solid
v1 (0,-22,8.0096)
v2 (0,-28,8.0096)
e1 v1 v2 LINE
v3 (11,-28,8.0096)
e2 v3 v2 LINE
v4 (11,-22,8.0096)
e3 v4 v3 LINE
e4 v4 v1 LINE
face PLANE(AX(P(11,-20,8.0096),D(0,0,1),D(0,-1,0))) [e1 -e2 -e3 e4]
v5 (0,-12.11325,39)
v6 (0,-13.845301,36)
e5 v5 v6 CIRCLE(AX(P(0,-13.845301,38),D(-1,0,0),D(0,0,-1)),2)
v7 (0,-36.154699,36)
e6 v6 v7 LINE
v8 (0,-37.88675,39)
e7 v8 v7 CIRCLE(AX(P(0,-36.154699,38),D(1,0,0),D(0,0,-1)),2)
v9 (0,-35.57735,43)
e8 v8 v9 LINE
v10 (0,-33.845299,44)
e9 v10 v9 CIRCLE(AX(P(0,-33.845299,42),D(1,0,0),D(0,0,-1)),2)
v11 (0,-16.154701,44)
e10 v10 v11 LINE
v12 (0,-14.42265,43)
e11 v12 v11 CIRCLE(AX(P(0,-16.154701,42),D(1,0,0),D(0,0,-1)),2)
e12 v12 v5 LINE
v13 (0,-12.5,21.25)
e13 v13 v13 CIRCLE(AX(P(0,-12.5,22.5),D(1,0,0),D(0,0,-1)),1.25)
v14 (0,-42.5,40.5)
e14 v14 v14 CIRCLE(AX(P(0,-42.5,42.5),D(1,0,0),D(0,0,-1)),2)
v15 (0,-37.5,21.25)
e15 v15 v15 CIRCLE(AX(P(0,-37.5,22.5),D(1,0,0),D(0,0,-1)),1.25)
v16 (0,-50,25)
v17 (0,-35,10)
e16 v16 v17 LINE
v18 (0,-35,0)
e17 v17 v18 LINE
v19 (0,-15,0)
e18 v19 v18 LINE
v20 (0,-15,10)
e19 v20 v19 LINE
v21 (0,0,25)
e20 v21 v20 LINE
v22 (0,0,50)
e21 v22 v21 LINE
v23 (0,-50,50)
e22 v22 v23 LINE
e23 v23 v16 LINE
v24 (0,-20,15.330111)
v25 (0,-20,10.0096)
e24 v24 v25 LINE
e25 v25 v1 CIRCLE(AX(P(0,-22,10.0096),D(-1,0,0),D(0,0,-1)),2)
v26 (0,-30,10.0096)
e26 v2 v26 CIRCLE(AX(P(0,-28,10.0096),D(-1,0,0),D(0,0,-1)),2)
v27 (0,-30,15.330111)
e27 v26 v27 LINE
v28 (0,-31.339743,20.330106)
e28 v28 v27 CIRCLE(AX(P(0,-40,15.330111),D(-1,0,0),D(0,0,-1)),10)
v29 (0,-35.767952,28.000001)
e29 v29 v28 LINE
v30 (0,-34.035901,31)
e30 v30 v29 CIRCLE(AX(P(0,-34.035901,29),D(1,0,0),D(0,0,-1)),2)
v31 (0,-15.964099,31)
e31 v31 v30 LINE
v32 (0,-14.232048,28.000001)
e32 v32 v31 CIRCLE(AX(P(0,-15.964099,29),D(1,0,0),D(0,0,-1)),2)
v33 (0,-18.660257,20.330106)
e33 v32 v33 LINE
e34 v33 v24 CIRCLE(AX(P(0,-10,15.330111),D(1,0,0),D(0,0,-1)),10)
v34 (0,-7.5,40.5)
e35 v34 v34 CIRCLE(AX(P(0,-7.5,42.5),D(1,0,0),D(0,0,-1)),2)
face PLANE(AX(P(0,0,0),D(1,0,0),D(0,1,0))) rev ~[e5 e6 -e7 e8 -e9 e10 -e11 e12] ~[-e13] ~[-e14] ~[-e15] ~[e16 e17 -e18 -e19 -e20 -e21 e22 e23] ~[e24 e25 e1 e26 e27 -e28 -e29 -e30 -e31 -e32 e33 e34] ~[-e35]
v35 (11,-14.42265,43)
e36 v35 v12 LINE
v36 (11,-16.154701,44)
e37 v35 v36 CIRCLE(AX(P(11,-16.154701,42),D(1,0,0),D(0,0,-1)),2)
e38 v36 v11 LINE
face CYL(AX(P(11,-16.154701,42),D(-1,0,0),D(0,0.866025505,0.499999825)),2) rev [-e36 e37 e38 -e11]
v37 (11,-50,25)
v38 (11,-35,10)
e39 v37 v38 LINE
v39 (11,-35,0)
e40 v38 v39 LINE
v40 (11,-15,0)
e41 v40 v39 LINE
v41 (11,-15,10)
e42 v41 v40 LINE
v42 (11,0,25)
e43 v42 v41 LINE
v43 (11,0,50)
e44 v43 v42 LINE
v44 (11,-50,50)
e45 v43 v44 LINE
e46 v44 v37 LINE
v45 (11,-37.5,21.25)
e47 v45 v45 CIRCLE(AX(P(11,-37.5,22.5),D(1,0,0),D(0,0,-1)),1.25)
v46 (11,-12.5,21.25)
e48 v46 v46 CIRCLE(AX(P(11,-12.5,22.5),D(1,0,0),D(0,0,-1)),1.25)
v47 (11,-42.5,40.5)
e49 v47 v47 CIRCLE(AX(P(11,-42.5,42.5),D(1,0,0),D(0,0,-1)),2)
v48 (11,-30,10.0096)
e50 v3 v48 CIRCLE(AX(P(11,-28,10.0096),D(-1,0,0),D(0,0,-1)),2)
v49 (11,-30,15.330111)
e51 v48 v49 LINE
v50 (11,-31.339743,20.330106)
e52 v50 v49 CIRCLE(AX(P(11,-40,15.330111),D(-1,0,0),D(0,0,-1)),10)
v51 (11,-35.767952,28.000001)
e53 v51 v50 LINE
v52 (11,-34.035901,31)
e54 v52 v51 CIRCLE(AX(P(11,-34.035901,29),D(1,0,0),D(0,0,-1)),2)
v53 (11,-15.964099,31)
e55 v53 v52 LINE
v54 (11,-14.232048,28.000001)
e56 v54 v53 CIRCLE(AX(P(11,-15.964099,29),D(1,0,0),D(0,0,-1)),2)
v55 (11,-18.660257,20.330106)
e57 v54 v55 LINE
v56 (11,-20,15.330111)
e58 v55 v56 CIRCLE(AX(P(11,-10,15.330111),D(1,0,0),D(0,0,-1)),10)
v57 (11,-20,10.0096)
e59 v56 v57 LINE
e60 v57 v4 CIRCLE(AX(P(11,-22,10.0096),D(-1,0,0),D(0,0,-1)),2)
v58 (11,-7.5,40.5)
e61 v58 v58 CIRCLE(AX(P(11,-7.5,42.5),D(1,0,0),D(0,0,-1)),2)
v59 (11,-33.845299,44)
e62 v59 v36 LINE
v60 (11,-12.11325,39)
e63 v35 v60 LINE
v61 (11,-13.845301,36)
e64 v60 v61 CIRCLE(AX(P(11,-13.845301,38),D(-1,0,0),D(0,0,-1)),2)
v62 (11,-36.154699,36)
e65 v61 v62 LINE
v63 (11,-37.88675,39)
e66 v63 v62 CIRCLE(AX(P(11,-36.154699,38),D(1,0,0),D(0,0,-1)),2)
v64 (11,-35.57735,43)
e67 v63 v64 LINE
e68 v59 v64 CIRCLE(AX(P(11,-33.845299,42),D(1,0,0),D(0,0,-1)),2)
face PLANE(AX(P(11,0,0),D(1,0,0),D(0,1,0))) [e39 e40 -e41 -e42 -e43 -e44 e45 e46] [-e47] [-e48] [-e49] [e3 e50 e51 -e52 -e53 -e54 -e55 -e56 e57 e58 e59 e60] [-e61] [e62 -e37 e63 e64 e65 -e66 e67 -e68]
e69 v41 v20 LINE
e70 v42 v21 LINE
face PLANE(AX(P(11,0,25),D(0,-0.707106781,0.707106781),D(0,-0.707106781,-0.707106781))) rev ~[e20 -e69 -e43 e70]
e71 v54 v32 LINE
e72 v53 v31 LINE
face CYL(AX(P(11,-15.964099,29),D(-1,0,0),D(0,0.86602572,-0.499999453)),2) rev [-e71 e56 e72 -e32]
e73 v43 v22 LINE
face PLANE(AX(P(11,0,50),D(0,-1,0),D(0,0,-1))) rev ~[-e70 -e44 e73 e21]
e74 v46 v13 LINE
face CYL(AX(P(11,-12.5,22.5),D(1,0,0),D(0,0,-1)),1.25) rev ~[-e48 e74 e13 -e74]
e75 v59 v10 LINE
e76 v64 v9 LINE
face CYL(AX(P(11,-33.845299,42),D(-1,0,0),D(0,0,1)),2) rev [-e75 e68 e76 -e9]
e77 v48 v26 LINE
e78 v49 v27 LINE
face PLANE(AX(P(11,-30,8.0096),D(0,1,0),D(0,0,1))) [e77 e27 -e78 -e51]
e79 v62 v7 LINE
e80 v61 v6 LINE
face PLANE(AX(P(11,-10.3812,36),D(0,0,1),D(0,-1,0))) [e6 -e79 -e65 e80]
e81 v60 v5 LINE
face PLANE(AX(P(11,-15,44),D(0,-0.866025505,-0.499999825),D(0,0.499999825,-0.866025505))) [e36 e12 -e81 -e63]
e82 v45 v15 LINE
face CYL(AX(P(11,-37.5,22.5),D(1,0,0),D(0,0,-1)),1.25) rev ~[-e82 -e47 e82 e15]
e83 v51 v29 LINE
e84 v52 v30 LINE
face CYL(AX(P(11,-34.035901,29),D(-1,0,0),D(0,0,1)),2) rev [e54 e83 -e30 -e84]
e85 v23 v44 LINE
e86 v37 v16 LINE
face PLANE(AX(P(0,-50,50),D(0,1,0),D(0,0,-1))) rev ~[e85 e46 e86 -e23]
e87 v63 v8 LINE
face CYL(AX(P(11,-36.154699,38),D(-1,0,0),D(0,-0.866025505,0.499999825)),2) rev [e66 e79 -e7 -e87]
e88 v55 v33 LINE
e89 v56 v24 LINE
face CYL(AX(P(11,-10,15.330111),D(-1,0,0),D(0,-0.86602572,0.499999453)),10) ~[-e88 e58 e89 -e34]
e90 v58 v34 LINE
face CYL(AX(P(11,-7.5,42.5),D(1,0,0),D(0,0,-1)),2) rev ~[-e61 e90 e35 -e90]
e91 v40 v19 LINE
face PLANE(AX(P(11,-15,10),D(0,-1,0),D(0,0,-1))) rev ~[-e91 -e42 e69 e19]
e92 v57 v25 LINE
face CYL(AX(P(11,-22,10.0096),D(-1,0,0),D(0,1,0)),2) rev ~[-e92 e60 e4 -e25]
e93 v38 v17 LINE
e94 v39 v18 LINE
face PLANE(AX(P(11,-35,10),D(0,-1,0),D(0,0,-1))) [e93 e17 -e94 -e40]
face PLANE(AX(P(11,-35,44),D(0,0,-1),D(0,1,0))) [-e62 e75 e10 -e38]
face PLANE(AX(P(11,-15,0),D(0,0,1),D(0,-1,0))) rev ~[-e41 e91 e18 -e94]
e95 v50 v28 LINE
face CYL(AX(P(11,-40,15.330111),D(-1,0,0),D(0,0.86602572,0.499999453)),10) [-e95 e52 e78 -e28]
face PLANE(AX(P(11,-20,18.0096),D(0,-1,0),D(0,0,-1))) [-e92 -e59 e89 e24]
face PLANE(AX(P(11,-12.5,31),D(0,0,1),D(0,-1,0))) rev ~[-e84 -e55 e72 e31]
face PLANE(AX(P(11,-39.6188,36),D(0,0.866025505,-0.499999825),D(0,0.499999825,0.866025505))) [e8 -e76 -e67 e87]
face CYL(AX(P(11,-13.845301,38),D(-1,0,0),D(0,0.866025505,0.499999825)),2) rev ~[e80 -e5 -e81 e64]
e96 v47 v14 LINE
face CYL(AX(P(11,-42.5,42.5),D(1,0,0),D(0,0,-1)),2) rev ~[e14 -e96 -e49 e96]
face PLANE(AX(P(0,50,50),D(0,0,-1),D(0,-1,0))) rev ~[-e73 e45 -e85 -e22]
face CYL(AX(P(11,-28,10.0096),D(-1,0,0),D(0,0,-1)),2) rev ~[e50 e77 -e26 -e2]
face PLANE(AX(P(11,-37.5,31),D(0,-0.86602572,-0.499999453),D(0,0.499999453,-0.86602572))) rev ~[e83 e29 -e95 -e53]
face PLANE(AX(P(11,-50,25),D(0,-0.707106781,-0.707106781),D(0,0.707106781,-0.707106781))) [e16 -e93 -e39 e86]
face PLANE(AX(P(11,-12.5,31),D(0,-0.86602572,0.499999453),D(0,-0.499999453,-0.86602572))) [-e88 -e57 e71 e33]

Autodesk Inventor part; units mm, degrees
ref_plane "YZ Plane" through (0, 0, 0) normal (1, 0, 0) x (0, 1, 0)
ref_plane "XZ Plane" through (0, 0, 0) normal (0, 1, 0) x (-1, 0, 0)
ref_plane "XY Plane" through (0, 0, 0) normal (0, 0, 1) x (1, 0, 0)
sketch "スケッチ1" plane through (0, 0, 0) normal (1, 0, 0) x (0, 1, 0)
  line L0 (50, 50) -> (-50, 50)
  line L1 (-50, 50) -> (-50, -50)
  line L2 (-50, -50) -> (50, -50)
  line L3 (50, -50) -> (50, 50)
  point P0 (0, 0)
  dimension "d0" = 100
  dimension "d2" = 100
  dimension "d3" = 50
  dimension "d4" = 50
extrude "押し出し1" add sketch "スケッチ1" along normal blind 11
sketch "スケッチ2" plane through (11, 0, 0) normal (1, 0, 0) x (0, 0, -1)
  line L0 (-50, 50) -> (-50, -50) projected
  line L1 (-50, -50) -> (50, -50) projected
  line L2 (50, -50) -> (50, 50) projected
  line L3 (50, 50) -> (-50, 50) projected
  line L4 (-25, -50) -> (-10, -35)
  line L5 (-10, -35) -> (15, -35)
  line L6 (15, -35) -> (50, -25.6218)
  line L7 (-50, 0) -> (-25, 0)
  line L8 (-25, 0) -> (-10, -15)
  line L9 (-10, -15) -> (12.367, -15)
  line L10 (12.367, -15) -> (30, -10.2752)
  line L11 (30, -10.2752) -> (30, 50)
  line L12 (-25, -50) -> (-50, -50)
  line L13 (-50, -50) -> (-50, 0)
  point P0 (0, 0)
  dimension "d7" = 135
  dimension "d8" = 135
  dimension "d9" = 25
  dimension "d10" = 25
  dimension "d11" = 50
  dimension "d16" = 165
  dimension "d17" = 20
  dimension "d18" = 20
  dimension "d89" = 20
  dimension "d90" = 25
extrude "押し出し2" cut sketch "スケッチ2" against normal blind 11 contours L7 L8 L9 L10 L11 L3 L2 L6 L5 L4 L1 L0 keep common part
sketch "スケッチ3" plane through (11, 0, 0) normal (1, 0, 0) x (0, 0, -1)
  line L0 (30, -10.2752) -> (30, 50) projected
  line L1 (12.367, -15) -> (30, -10.2752) projected
  line L2 (-10, -15) -> (12.367, -15) projected
  line L3 (-25, 0) -> (-10, -15) projected
  line L4 (-50, 0) -> (-25, 0) projected
  line L5 (-50, 0) -> (-50, -50) projected
  line L6 (-50, -50) -> (-25, -50) projected
  line L7 (-10, -35) -> (-25, -50) projected
  line L8 (15, -35) -> (-10, -35) projected
  line L9 (50, -25.6218) -> (15, -35) projected
  line L10 (50, -25.6218) -> (50, 50) projected
  line L11 (50, 50) -> (30, 50) projected
  circle A0 centre (-42.5, -7.5) radius 2
  circle A1 centre (-42.5, -42.5) radius 2
  circle A2 centre (-22.5, -12.5) radius 1.25
  circle A3 centre (-22.5, -37.5) radius 1.25
  arc A4 (36, 46) -> (44, 46) centre (40, 46) ccw
  line L12 (36, 46) -> (36, 50)
  line L13 (44, 46) -> (44, 50)
  point P0 (0, 0)
  dimension "d21" = 8
  dimension "d25" = 4
  dimension "d30" = 6
  dimension "d31" = 4
  dimension "d35" = 25
  dimension "d36" = 35
  dimension "d37" = 12.5
  dimension "d38" = 7.5
  dimension "d40" = 7.5
  dimension "d41" = 7.5
  dimension "d61" = 2.5
  dimension "d68" = 20
  dimension "d69" = 20
extrude "押し出し5" cut sketch "スケッチ3" against normal blind 11 contours L0 L11 L12 A4 L13 L10 L9 L8 L7 L6 L5 L4 L3 L2 L1 keep common part
sketch "スケッチ4" plane through (11, 0, 0) normal (1, 0, 0) x (0, 0, -1)
  line L0 (50, 50) -> (30, 50) projected
  circle A0 centre (33, 46) radius 1
  arc A1 (36, 46) -> (44, 46) centre (40, 46) ccw projected
  point P0 (0, 0)
  dimension "d47" = 4
  dimension "d49" = 2
  dimension "d64" = 7
hole "穴1" at (11, 46, -33) direction (-1, 0, 0) diameter 2 end through all
pattern_circular "円形状パターン2" count 5 over 180 about axis through (11, 46, -40) along (1, 0, 0) of "穴1"
sketch "スケッチ5" plane through (11, 0, 0) normal (1, 0, 0) x (0, 0, -1)
  line L0 (-10, -15) -> (12.367, -15) projected
  circle A0 centre (-22.5, -12.5) radius 1.25 projected
  circle A1 centre (-22.5, -37.5) radius 1.25 projected
  circle A2 centre (2.5, -20) radius 1.3
  circle A3 centre (2.5, -30) radius 1.3
  point P0 (0, 0)
  dimension "d70" = 2.6
  dimension "d74" = 5
  dimension "d75" = 10
  dimension "d91" = 25
  dimension "d92" = 25
hole "穴2" at (11, -20, -2.5) at (11, -30, -2.5) direction (-1, 0, 0) diameter 2.2 end through all
sketch "スケッチ6" plane through (11, 0, 0) normal (1, 0, 0) x (0, 0, -1)
  circle A0 centre (2.5, -20) radius 1.1 projected
  circle A1 centre (2.5, -30) radius 1.1 projected
  line L0 (12.367, -15) -> (30, -10.2752) projected
  line L1 (-10, -15) -> (12.367, -15) projected
  line L2 (-25, 0) -> (-10, -15) projected
  line L3 (-50, 0) -> (-25, 0) projected
  line L4 (-50, 0) -> (-50, -50) projected
  line L5 (-50, -50) -> (-25, -50) projected
  line L6 (-10, -35) -> (-25, -50) projected
  line L7 (15, -35) -> (-10, -35) projected
  line L8 (50, -25.6218) -> (15, -35) projected
  circle A2 centre (-22.5, -12.5) radius 1.25 projected
  circle A3 centre (-22.5, -37.5) radius 1.25 projected
  circle A4 centre (-42.5, -7.5) radius 2 projected
  circle A5 centre (-42.5, -42.5) radius 2 projected
  line L9 (0, -15) -> (0, -35)
  point P0 (0, 0)
  dimension "d93" = 10
extrude "押し出し6" cut sketch "スケッチ6" against normal blind 11 contours L1 L9 L7 L6 L5 L4 L3 L2 keep common part
sketch "スケッチ7" plane through (11, 0, 0) normal (1, 0, 0) x (0, 0, -1)
  line L0 (-10, -15) -> (0, -15) projected
  line L1 (-50, 0) -> (-50, -50) projected
  line L2 (-50, -50) -> (-25, -50) projected
  line L3 (-31, -12.5) -> (-31, -37.5)
  line L4 (-31, -37.5) -> (-18.0096, -30)
  line L5 (-31, -12.5) -> (-18.0096, -20)
  line L6 (-18.0096, -20) -> (-8.0096, -20)
  line L7 (-8.0096, -20) -> (-8.0096, -30)
  line L8 (-8.0096, -30) -> (-18.0096, -30)
  circle A0 centre (-42.5, -42.5) radius 2 projected
  circle A1 centre (-42.5, -7.5) radius 2 projected
  circle A2 centre (-22.5, -37.5) radius 1.25 projected
  circle A3 centre (-22.5, -12.5) radius 1.25 projected
  line L9 (0, -15) -> (0, -35) projected
  line L10 (-25, 0) -> (-10, -15) projected
  line L11 (-50, 0) -> (-25, 0) projected
  line L12 (-10, -35) -> (-25, -50) projected
  line L13 (0, -35) -> (-10, -35) projected
  point P0 (0, 0)
  dimension "d101" = 25
  dimension "d102" = 12.5
  dimension "d105" = 150
  dimension "d106" = 150
  dimension "d107" = 10
  dimension "d109" = 10
  dimension "d110" = 5
  dimension "d120" = 19
sketch "スケッチ8" plane through (11, 0, 0) normal (1, 0, 0) x (0, 0, -1)
  line L0 (0, -15) -> (0, -35) projected
  line L1 (-50, 0) -> (-25, 0) projected
  line L2 (0, -35) -> (-10, -35) projected
  line L3 (-36, -10.3812) -> (-36, -39.6188)
  line L4 (-36, -39.6188) -> (-44, -35)
  line L5 (-44, -35) -> (-44, -15)
  line L6 (-44, -15) -> (-36, -10.3812)
  point P0 (0, 0)
  dimension "d113" = 20
  dimension "d115" = 8
  dimension "d116" = 120
  dimension "d117" = 120
  dimension "d118" = 15
  dimension "d119" = 36
extrude "押し出し11" cut sketch "スケッチ7" against normal blind 11 keep common part
extrude "押し出し12" cut sketch "スケッチ8" against normal blind 11
fillet "フィレット1" radius 10 2 edges at (5.5, -20, 18.0096) (5.5, -30, 18.0096)
fillet "フィレット2" radius 2 8 edges at (5.5, -12.5, 31) (5.5, -37.5, 31) (5.5, -35, 44) (5.5, -15, 44) (5.5, -10.3812, 36) (5.5, -39.6188, 36) (5.5, -30, 8.0096) (5.5, -20, 8.0096)
properties part number "Arm_MiniLink_1" material "アセタール樹脂、白"
